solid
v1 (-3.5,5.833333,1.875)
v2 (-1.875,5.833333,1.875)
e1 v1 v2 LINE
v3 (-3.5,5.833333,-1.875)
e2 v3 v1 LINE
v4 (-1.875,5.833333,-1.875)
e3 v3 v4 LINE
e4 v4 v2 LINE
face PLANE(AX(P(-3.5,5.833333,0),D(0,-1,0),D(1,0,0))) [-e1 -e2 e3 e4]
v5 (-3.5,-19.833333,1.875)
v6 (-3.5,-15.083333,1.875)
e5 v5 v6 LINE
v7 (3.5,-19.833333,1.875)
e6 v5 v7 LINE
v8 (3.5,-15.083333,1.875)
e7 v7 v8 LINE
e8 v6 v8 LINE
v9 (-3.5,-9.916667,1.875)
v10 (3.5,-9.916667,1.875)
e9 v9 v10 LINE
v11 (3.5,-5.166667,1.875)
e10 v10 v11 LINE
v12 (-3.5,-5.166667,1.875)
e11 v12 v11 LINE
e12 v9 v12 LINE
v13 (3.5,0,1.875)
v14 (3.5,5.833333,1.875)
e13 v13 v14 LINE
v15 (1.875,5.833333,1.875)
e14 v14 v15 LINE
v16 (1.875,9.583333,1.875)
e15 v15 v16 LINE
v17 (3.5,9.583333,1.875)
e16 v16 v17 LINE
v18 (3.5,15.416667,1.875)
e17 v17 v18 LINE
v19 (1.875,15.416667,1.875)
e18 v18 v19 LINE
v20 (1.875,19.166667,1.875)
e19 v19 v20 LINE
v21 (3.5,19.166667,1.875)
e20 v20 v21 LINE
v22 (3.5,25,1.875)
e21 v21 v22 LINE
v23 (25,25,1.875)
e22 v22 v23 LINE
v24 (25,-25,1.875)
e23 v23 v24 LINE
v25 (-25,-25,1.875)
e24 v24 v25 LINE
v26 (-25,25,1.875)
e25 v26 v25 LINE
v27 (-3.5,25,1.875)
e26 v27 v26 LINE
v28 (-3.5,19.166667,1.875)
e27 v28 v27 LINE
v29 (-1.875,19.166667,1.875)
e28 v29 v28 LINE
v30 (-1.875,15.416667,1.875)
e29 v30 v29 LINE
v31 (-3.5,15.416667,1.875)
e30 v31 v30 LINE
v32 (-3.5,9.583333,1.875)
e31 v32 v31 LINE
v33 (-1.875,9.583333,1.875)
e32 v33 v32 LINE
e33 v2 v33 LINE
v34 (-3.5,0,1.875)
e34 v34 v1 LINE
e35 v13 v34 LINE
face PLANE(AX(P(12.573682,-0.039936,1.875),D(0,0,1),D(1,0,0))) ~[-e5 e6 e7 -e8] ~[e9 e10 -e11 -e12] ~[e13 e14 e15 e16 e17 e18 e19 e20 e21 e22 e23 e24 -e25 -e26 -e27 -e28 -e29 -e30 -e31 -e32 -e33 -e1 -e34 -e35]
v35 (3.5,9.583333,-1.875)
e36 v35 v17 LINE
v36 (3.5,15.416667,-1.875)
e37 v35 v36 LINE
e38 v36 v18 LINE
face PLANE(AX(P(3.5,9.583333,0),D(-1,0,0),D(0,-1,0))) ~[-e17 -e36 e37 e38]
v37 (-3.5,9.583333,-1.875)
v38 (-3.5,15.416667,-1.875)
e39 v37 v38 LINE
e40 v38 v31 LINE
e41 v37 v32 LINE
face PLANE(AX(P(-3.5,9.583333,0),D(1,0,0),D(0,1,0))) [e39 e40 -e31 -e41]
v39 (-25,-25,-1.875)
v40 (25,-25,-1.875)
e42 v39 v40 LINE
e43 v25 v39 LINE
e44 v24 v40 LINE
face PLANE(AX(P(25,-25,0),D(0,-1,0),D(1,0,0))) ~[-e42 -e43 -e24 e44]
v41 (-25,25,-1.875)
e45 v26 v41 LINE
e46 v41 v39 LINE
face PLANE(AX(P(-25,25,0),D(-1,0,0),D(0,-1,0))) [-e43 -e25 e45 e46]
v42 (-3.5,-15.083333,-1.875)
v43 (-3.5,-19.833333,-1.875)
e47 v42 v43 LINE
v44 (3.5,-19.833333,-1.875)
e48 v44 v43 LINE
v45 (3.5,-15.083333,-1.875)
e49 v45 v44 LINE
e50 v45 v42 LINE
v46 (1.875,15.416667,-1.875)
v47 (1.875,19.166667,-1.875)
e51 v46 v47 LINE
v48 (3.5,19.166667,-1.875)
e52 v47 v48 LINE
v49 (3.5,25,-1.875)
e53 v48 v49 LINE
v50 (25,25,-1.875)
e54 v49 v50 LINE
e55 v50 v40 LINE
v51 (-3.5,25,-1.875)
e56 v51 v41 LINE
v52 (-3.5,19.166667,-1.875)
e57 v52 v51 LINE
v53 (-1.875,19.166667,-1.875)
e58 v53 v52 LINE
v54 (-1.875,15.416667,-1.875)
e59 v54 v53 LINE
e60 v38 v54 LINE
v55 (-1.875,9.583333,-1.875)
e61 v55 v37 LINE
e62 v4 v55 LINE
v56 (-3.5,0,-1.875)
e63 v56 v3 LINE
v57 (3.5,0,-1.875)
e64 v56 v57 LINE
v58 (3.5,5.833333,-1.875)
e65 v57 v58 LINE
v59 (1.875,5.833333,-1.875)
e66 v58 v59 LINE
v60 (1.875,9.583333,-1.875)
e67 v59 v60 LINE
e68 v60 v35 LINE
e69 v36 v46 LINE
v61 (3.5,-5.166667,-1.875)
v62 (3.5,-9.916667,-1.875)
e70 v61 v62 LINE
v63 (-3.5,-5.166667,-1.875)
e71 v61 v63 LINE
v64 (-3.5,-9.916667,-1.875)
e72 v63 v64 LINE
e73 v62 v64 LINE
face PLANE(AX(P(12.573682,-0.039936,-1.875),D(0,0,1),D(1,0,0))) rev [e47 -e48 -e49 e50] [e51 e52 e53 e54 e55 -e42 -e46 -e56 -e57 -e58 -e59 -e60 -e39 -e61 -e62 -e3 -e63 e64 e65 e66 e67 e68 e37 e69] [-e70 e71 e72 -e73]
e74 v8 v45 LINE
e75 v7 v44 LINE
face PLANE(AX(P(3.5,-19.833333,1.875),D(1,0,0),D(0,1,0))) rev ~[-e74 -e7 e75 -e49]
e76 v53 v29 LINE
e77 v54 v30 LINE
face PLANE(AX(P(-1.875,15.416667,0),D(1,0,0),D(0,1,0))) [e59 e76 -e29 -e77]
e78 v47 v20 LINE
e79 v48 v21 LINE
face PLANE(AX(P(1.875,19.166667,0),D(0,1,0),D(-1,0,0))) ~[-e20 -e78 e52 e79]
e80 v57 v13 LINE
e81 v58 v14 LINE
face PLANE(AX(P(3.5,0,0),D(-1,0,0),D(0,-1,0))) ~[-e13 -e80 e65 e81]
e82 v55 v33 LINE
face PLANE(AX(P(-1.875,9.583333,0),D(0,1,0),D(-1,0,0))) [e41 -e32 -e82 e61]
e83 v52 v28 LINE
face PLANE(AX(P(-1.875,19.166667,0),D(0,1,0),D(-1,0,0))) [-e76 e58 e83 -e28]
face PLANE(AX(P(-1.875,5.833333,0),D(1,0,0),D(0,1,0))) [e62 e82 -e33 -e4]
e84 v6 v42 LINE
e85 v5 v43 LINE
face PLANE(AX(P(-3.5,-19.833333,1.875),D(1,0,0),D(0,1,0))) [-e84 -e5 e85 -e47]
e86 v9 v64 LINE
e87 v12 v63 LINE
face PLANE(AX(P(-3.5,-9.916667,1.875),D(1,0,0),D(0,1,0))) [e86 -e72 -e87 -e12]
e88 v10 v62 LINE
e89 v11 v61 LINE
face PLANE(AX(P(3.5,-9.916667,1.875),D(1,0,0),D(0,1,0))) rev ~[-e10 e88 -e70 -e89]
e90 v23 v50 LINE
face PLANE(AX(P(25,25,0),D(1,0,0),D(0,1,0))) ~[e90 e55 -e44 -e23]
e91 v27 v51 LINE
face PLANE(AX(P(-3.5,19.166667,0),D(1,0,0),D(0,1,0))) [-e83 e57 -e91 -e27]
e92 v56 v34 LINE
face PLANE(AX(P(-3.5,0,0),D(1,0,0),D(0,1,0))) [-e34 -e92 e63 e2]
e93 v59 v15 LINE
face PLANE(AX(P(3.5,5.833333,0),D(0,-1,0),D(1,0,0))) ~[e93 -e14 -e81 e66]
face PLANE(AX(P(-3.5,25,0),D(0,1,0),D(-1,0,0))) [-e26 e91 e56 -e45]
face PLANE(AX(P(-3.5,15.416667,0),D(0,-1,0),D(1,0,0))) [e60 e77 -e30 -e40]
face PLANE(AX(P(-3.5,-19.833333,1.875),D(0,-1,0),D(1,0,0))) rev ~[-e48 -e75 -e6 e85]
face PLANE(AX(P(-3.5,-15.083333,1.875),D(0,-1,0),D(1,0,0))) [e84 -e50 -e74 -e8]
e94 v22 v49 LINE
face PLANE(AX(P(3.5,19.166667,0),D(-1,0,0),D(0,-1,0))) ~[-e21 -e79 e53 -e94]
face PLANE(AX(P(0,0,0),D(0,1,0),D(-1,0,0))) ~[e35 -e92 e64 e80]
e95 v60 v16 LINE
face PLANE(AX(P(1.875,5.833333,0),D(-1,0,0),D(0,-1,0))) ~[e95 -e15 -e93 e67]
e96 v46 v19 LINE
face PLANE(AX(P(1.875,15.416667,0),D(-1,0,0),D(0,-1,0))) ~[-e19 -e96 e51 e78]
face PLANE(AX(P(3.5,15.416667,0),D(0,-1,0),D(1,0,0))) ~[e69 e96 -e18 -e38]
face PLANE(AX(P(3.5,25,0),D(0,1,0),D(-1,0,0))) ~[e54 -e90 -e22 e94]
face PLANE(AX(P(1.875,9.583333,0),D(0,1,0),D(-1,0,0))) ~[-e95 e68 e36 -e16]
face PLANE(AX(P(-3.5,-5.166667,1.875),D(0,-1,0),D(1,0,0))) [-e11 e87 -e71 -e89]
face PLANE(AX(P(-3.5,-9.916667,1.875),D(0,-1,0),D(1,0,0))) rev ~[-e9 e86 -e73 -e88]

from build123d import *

# Parameters (mm, degrees)
F2_DEPTH = 1.875
F4_W     = 7
F4_H     = 4.75
F5_DEPTH = 25


with BuildPart() as f2:
    # F1 (on Top) → F2 (new body, symmetric)
    with BuildSketch(Plane.XY):
        Polygon((-25, -25), (0, -25), (0, 0), (-3.5, 0), (-3.5, 5.8333333333), (-1.875, 5.8333333333), (-1.875, 9.5833333333), (-3.5, 9.5833333333), (-3.5, 15.4166666667), (-1.875, 15.4166666667), (-1.875, 19.1666666667), (-3.5, 19.1666666667), (-3.5, 25), (-25, 25), align=None)
    extrude(amount=F2_DEPTH, both=True)

    # F3: F2 across face


with BuildPart() as f2_1:
    add(f2.part)
    add(f2.part.mirror(Plane(origin=(0, -12.5, 0), x_dir=(0, 1, 0), z_dir=(1, 0, 0))))

    # F4 (on face) → F5 (cut)
    with BuildSketch(Plane.XY.offset(1.875)):
        with Locations((0, -7.5416666667)):
            Rectangle(F4_W, F4_H)
        with Locations((0, -17.4583333333)):
            Rectangle(F4_W, F4_H)
    extrude(amount=-F5_DEPTH, mode=Mode.SUBTRACT)


solid = f2_1.part
